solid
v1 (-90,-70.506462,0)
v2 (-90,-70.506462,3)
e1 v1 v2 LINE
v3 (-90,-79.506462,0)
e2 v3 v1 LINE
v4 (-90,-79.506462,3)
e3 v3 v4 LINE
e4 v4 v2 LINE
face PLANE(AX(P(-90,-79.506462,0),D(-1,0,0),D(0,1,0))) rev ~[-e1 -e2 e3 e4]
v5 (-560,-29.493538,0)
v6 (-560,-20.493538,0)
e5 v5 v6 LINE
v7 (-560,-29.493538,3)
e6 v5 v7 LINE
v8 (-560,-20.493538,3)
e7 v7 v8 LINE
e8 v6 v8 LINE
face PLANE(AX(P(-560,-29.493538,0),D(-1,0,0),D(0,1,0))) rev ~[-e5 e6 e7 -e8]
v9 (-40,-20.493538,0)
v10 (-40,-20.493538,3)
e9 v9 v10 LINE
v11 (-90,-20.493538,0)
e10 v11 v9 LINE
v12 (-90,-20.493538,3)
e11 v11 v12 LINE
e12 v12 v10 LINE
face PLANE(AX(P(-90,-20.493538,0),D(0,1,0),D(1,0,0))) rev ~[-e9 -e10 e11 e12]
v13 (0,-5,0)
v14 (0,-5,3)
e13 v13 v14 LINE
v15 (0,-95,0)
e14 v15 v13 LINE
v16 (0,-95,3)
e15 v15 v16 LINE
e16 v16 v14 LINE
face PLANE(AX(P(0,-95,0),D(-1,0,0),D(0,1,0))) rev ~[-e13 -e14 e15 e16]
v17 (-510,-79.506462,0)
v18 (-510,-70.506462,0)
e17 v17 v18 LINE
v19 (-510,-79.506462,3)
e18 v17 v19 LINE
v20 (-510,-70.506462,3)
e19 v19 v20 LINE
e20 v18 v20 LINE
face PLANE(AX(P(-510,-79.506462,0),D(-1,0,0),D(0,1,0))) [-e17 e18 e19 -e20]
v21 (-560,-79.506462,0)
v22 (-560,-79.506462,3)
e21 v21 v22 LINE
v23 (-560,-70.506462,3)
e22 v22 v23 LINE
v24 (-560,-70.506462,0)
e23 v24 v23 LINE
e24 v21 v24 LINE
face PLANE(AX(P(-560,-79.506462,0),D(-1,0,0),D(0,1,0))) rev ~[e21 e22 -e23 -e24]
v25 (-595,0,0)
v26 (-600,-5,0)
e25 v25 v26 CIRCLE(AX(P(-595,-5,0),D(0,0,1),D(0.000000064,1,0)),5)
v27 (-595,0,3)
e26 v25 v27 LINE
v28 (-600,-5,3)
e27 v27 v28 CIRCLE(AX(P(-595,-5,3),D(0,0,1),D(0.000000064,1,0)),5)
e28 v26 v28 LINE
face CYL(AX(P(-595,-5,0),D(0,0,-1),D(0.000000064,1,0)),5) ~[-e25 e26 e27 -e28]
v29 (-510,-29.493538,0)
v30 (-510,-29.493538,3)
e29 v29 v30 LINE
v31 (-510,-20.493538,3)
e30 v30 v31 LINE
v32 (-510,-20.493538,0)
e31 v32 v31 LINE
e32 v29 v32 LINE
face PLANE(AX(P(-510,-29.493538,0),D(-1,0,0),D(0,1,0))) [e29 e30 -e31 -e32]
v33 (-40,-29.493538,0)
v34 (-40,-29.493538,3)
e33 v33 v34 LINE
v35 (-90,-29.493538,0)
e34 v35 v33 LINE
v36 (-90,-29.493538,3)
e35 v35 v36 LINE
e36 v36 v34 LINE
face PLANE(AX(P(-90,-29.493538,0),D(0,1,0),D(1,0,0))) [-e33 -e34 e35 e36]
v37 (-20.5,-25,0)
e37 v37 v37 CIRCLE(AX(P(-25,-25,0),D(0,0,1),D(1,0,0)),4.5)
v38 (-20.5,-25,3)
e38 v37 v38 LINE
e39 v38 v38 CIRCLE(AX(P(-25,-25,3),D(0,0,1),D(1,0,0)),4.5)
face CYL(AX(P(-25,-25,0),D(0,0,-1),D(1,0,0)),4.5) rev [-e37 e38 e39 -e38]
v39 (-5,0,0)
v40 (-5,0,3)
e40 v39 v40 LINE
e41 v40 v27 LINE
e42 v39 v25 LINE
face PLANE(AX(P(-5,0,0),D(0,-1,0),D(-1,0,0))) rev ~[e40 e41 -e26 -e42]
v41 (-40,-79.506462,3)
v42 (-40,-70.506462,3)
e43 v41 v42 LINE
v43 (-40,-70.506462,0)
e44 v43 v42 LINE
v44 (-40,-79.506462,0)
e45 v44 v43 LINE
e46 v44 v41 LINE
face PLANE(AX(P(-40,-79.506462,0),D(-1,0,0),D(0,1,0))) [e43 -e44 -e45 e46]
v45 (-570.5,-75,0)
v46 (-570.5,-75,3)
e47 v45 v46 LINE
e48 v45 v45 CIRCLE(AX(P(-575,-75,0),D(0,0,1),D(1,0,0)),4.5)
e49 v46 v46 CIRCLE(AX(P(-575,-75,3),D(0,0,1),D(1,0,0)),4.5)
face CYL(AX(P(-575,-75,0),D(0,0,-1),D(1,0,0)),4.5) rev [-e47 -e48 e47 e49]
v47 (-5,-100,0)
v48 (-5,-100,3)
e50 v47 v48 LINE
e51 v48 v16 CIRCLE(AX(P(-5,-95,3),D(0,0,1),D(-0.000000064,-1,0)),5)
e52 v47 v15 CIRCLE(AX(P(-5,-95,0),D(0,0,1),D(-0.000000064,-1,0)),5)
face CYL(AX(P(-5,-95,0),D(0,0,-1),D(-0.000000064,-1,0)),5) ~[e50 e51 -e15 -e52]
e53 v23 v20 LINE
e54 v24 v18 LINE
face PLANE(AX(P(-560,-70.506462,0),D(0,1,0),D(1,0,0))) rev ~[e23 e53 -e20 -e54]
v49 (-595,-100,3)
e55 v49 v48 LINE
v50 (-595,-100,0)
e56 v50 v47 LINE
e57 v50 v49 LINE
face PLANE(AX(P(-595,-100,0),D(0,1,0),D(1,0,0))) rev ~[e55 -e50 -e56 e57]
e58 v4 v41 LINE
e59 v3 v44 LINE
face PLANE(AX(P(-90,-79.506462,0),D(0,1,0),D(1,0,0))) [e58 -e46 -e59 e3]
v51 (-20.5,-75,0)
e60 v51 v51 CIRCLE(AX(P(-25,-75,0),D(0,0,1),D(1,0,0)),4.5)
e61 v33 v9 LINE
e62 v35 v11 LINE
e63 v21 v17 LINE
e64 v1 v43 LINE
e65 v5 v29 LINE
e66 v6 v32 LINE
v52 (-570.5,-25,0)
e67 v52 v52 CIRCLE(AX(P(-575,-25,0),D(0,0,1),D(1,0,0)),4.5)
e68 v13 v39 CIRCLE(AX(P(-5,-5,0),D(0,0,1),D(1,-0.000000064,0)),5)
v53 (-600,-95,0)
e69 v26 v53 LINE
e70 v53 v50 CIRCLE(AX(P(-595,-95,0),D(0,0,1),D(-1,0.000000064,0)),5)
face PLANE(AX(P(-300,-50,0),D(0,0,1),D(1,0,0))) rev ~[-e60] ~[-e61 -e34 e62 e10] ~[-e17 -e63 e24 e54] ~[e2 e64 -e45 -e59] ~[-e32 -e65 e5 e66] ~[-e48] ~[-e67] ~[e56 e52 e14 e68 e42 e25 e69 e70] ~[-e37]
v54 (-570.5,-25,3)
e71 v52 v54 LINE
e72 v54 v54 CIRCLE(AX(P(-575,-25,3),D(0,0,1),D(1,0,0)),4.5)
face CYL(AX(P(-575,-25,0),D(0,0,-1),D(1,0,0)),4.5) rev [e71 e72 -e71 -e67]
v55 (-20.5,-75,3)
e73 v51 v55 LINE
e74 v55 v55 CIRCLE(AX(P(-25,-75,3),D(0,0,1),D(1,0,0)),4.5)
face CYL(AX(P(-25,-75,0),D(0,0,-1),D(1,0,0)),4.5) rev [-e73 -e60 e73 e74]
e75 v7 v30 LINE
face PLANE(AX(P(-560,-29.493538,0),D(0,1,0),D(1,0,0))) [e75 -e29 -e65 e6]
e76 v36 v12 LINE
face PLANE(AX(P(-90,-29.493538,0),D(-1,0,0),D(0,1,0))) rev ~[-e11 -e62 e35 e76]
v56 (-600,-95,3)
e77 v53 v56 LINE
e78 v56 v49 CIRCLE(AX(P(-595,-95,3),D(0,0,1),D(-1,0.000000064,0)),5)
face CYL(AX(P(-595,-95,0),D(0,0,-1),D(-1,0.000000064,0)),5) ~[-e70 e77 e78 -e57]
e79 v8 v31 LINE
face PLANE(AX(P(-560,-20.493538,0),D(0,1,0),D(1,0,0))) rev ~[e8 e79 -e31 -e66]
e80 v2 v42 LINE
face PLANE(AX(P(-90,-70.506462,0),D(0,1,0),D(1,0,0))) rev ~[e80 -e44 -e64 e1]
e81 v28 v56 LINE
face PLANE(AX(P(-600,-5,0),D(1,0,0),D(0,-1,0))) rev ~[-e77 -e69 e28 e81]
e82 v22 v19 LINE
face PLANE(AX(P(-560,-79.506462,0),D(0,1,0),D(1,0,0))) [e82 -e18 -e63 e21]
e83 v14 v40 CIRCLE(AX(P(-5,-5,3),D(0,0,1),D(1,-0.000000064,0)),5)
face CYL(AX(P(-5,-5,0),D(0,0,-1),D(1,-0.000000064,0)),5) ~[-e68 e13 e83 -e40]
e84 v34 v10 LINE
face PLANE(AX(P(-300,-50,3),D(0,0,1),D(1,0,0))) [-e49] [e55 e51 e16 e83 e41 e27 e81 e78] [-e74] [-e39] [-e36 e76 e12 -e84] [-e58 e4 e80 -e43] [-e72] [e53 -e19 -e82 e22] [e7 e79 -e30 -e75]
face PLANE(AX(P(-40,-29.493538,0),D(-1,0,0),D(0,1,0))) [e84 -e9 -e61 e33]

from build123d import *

# Parameters (mm, degrees)
F0_W     = 50
F0_H     = 9
F0_R     = 4.5
F1_DEPTH = 3


with BuildPart() as f1:
    # F0 (on Top) → F1 (new body)
    with BuildSketch(Plane.XY):
        with BuildLine():
            ThreePointArc((0, -5), (-1.464466, -1.464466), (-5, 0))
            Line((-5, 0), (-50, 0))
            Line((-50, 0), (-550, 0))
            Line((-550, 0), (-595, 0))
            ThreePointArc((-595, 0), (-598.535534, -1.464466), (-600, -5))
            Line((-600, -5), (-600, -95))
            ThreePointArc((-600, -95), (-598.535534, -98.535534), (-595, -100))
            Line((-595, -100), (-550, -100))
            Line((-550, -100), (-50, -100))
            Line((-50, -100), (-5, -100))
            ThreePointArc((-5, -100), (-1.464466, -98.535534), (0, -95))
            Line((0, -95), (0, -5))
        make_face()
        with Locations((-535, -75.006462)):
            Rectangle(F0_W, F0_H, mode=Mode.SUBTRACT)
        with Locations((-575, -75)):
            Circle(F0_R, mode=Mode.SUBTRACT)
        with Locations((-65, -75.006462)):
            Rectangle(F0_W, F0_H, mode=Mode.SUBTRACT)
        with Locations((-25, -75)):
            Circle(F0_R, mode=Mode.SUBTRACT)
        with Locations((-575, -25)):
            Circle(F0_R, mode=Mode.SUBTRACT)
        with Locations((-535, -24.993538)):
            Rectangle(F0_W, F0_H, mode=Mode.SUBTRACT)
        with Locations((-65, -24.993538)):
            Rectangle(F0_W, F0_H, mode=Mode.SUBTRACT)
        with Locations((-25, -25)):
            Circle(F0_R, mode=Mode.SUBTRACT)
    extrude(amount=F1_DEPTH)


solid = f1.part
